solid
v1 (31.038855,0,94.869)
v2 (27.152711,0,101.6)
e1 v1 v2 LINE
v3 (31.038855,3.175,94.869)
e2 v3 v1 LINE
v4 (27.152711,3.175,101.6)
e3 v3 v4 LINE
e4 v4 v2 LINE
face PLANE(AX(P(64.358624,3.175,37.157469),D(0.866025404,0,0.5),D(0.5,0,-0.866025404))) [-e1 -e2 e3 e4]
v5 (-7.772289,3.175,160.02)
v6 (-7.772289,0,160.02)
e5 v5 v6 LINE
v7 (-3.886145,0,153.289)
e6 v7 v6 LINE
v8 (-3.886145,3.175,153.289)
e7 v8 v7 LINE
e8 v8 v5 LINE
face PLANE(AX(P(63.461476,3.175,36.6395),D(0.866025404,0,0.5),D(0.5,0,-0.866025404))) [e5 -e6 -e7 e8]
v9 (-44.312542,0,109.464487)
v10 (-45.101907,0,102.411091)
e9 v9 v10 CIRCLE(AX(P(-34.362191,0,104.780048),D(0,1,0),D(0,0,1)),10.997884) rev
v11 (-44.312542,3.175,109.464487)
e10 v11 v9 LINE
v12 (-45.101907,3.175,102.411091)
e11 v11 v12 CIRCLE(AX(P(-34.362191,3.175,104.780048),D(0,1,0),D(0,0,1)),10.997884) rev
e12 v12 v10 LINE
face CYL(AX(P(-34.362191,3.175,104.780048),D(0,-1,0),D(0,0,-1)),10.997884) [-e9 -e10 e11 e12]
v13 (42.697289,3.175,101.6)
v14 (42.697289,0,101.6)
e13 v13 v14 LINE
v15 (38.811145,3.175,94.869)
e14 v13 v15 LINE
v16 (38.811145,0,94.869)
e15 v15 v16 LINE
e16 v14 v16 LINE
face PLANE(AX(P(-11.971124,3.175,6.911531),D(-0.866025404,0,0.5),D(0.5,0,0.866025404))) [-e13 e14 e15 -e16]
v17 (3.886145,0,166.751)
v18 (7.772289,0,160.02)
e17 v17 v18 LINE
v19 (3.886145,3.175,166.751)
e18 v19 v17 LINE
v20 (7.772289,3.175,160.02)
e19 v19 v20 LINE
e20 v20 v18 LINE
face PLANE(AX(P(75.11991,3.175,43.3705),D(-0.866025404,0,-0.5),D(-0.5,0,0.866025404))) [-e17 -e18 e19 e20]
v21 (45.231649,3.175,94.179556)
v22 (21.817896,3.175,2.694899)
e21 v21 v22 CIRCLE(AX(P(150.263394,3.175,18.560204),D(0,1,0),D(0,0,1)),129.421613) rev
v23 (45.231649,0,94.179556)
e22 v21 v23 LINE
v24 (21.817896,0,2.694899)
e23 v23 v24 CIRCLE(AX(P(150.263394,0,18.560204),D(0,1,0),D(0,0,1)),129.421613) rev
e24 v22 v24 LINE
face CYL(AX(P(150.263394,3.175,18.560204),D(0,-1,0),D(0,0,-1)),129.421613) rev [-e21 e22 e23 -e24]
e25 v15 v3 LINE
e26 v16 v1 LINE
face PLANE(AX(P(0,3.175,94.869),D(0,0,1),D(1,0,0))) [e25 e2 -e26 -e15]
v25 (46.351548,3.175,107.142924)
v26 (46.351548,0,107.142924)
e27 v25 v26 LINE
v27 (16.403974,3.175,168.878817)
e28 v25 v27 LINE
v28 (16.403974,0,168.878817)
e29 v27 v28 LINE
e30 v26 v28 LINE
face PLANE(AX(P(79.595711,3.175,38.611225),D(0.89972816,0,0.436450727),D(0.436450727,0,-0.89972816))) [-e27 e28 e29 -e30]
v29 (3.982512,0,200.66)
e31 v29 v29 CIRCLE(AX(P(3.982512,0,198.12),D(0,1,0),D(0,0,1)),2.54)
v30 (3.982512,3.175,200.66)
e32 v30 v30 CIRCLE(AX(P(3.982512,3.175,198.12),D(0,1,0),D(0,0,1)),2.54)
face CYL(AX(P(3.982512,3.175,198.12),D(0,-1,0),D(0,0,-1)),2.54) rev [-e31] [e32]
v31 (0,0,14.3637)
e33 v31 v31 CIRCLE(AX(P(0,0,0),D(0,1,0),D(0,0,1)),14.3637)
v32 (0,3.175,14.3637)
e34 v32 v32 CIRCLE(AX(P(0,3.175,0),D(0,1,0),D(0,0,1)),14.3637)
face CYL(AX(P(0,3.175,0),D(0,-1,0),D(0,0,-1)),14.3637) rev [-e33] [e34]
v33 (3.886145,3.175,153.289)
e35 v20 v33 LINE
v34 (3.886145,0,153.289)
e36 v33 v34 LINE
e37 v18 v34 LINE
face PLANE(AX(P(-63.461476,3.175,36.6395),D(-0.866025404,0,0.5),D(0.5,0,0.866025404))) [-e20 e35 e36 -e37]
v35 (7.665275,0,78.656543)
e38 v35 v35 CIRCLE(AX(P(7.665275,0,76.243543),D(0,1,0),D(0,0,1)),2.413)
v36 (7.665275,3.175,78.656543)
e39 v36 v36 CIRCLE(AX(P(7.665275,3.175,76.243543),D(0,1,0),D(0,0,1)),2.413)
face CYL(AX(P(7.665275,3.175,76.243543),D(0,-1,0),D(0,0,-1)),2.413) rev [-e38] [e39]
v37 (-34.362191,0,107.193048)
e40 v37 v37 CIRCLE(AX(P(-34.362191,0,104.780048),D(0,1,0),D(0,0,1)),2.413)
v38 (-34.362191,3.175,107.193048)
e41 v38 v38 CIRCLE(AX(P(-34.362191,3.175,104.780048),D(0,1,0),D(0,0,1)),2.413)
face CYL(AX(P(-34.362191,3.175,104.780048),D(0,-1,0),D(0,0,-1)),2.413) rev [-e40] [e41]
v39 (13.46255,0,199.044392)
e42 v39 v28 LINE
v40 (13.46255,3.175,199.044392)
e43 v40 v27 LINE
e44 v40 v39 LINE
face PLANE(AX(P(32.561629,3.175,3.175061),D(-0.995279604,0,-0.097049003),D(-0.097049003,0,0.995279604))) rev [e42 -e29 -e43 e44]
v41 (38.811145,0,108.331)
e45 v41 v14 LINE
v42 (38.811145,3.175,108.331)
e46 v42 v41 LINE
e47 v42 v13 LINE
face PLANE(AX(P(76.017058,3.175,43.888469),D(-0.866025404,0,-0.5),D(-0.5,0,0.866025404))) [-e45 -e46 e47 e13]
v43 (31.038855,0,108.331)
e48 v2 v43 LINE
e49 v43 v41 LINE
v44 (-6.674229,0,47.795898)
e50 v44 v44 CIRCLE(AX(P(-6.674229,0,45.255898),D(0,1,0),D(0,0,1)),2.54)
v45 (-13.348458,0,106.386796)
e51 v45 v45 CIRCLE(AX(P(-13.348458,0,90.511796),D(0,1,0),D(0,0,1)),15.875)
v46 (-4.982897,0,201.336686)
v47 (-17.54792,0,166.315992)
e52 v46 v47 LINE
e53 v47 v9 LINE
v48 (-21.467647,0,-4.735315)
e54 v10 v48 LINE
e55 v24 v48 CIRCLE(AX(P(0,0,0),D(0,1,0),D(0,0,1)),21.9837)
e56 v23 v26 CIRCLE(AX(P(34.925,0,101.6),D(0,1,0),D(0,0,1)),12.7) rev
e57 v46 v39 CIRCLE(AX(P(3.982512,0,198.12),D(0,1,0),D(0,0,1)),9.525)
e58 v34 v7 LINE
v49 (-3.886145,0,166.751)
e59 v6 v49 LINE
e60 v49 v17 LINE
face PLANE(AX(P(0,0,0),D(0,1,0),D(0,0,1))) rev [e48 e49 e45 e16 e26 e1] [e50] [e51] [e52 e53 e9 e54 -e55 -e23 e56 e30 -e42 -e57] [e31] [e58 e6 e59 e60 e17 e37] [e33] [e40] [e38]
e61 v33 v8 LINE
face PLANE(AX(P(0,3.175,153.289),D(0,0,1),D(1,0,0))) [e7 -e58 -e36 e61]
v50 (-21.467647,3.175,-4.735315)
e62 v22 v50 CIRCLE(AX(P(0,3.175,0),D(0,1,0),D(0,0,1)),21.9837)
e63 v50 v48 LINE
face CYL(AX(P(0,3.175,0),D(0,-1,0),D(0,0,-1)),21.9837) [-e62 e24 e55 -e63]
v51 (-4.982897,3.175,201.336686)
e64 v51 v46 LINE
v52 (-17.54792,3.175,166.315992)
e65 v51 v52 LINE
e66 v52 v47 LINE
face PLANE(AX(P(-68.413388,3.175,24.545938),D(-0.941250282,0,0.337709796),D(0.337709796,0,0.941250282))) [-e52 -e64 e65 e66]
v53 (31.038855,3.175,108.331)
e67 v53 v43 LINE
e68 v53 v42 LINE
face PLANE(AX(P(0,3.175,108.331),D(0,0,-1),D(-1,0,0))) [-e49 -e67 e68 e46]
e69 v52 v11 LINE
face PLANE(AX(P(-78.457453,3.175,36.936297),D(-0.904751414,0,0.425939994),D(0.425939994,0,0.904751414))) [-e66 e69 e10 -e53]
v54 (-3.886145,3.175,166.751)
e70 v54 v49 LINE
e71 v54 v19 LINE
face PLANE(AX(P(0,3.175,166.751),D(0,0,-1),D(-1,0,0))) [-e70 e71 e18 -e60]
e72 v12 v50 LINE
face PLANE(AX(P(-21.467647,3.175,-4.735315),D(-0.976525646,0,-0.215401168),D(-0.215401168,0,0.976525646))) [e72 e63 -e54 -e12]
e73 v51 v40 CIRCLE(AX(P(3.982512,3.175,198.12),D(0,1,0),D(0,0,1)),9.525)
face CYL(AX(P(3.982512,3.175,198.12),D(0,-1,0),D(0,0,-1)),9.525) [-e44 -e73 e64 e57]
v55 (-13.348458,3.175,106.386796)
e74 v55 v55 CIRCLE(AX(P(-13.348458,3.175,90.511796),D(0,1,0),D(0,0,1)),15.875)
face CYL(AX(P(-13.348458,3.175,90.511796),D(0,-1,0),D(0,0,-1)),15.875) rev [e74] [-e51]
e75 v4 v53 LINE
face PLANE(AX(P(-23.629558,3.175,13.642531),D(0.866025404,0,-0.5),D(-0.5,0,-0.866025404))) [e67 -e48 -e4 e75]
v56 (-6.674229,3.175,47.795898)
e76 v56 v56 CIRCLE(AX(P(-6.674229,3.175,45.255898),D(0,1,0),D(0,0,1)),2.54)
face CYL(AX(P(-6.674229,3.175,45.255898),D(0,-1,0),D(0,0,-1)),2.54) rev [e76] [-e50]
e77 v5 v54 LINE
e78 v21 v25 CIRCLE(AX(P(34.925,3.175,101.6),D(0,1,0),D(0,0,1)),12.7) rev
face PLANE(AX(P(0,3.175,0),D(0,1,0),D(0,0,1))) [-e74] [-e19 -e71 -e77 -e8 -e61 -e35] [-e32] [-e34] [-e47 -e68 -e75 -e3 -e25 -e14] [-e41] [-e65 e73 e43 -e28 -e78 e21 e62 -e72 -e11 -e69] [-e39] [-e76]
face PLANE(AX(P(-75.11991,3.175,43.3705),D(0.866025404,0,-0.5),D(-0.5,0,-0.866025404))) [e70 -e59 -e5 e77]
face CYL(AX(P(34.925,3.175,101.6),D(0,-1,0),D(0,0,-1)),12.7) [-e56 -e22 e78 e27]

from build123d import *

# Parameters (mm, degrees)
SKETCH1_R           = 2.413
SKETCH1_R_2         = 15.875
SKETCH1_R_3         = 2.54
SKETCH1_R_4         = 14.3637
BOSS_EXTRUDE1_DEPTH = 3.175


with BuildPart() as part:
    # Sketch1 → Boss-Extrude1 (new body)
    with BuildSketch(Plane(origin=(0, 0, 0), x_dir=(1, 0, 0), z_dir=(0, 1, 0))):
        with BuildLine():
            ThreePointArc((21.817896039, -2.694898534), (3.719231857, 21.666803643), (-21.467646841, 4.735314647))
            Line((-21.467646841, 4.735314647), (-45.101906724, -102.41109111))
            ThreePointArc((-45.101906724, -102.41109111), (-45.29184394, -106.003215279), (-44.312542058, -109.464486724))
            Line((-44.312542058, -109.464486724), (-17.547919723, -166.315992152))
            Line((-17.547919723, -166.315992152), (-4.982896867, -201.336685807))
            ThreePointArc((-4.982896867, -201.336685807), (5.157188126, -207.572288673), (13.462550304, -199.044391753))
            Line((13.462550304, -199.044391753), (16.403973912, -168.878817283))
            Line((16.403973912, -168.878817283), (46.351547638, -107.142924236))
            ThreePointArc((46.351547638, -107.142924236), (47.577872684, -100.506925054), (45.231649184, -94.179556443))
            ThreePointArc((45.231649184, -94.179556443), (24.882907581, -50.648948002), (21.817896039, -2.694898534))
        make_face()
        Polygon((-7.772289324, -160.02), (-3.886144662, -153.289), (3.886144662, -153.289), (7.772289324, -160.02), (3.886144662, -166.751), (-3.886144662, -166.751), align=None, mode=Mode.SUBTRACT)
        with Locations(Location((-34.362191084, -104.780048134, 0), (0, 0, 270))):
            Circle(SKETCH1_R, mode=Mode.SUBTRACT)
        with Locations(Location((-13.34845818, -90.511795634, 0), (0, 0, 270))):
            Circle(SKETCH1_R_2, mode=Mode.SUBTRACT)
        with Locations(Location((7.665274725, -76.243543134, 0), (0, 0, 270))):
            Circle(SKETCH1_R, mode=Mode.SUBTRACT)
        Polygon((42.697289324, -101.6), (38.811144662, -108.331), (31.038855338, -108.331), (27.152710676, -101.6), (31.038855338, -94.869), (38.811144662, -94.869), align=None, mode=Mode.SUBTRACT)
        with Locations(Location((-6.67422909, -45.255897817, 0), (0, 0, 270))):
            Circle(SKETCH1_R_3, mode=Mode.SUBTRACT)
        with Locations(Location((0, 0, 0), (0, 0, 270))):
            Circle(SKETCH1_R_4, mode=Mode.SUBTRACT)
        with Locations(Location((3.982512071, -198.12, 0), (0, 0, 270))):
            Circle(SKETCH1_R_3, mode=Mode.SUBTRACT)
    extrude(amount=BOSS_EXTRUDE1_DEPTH)


solid = part.part
